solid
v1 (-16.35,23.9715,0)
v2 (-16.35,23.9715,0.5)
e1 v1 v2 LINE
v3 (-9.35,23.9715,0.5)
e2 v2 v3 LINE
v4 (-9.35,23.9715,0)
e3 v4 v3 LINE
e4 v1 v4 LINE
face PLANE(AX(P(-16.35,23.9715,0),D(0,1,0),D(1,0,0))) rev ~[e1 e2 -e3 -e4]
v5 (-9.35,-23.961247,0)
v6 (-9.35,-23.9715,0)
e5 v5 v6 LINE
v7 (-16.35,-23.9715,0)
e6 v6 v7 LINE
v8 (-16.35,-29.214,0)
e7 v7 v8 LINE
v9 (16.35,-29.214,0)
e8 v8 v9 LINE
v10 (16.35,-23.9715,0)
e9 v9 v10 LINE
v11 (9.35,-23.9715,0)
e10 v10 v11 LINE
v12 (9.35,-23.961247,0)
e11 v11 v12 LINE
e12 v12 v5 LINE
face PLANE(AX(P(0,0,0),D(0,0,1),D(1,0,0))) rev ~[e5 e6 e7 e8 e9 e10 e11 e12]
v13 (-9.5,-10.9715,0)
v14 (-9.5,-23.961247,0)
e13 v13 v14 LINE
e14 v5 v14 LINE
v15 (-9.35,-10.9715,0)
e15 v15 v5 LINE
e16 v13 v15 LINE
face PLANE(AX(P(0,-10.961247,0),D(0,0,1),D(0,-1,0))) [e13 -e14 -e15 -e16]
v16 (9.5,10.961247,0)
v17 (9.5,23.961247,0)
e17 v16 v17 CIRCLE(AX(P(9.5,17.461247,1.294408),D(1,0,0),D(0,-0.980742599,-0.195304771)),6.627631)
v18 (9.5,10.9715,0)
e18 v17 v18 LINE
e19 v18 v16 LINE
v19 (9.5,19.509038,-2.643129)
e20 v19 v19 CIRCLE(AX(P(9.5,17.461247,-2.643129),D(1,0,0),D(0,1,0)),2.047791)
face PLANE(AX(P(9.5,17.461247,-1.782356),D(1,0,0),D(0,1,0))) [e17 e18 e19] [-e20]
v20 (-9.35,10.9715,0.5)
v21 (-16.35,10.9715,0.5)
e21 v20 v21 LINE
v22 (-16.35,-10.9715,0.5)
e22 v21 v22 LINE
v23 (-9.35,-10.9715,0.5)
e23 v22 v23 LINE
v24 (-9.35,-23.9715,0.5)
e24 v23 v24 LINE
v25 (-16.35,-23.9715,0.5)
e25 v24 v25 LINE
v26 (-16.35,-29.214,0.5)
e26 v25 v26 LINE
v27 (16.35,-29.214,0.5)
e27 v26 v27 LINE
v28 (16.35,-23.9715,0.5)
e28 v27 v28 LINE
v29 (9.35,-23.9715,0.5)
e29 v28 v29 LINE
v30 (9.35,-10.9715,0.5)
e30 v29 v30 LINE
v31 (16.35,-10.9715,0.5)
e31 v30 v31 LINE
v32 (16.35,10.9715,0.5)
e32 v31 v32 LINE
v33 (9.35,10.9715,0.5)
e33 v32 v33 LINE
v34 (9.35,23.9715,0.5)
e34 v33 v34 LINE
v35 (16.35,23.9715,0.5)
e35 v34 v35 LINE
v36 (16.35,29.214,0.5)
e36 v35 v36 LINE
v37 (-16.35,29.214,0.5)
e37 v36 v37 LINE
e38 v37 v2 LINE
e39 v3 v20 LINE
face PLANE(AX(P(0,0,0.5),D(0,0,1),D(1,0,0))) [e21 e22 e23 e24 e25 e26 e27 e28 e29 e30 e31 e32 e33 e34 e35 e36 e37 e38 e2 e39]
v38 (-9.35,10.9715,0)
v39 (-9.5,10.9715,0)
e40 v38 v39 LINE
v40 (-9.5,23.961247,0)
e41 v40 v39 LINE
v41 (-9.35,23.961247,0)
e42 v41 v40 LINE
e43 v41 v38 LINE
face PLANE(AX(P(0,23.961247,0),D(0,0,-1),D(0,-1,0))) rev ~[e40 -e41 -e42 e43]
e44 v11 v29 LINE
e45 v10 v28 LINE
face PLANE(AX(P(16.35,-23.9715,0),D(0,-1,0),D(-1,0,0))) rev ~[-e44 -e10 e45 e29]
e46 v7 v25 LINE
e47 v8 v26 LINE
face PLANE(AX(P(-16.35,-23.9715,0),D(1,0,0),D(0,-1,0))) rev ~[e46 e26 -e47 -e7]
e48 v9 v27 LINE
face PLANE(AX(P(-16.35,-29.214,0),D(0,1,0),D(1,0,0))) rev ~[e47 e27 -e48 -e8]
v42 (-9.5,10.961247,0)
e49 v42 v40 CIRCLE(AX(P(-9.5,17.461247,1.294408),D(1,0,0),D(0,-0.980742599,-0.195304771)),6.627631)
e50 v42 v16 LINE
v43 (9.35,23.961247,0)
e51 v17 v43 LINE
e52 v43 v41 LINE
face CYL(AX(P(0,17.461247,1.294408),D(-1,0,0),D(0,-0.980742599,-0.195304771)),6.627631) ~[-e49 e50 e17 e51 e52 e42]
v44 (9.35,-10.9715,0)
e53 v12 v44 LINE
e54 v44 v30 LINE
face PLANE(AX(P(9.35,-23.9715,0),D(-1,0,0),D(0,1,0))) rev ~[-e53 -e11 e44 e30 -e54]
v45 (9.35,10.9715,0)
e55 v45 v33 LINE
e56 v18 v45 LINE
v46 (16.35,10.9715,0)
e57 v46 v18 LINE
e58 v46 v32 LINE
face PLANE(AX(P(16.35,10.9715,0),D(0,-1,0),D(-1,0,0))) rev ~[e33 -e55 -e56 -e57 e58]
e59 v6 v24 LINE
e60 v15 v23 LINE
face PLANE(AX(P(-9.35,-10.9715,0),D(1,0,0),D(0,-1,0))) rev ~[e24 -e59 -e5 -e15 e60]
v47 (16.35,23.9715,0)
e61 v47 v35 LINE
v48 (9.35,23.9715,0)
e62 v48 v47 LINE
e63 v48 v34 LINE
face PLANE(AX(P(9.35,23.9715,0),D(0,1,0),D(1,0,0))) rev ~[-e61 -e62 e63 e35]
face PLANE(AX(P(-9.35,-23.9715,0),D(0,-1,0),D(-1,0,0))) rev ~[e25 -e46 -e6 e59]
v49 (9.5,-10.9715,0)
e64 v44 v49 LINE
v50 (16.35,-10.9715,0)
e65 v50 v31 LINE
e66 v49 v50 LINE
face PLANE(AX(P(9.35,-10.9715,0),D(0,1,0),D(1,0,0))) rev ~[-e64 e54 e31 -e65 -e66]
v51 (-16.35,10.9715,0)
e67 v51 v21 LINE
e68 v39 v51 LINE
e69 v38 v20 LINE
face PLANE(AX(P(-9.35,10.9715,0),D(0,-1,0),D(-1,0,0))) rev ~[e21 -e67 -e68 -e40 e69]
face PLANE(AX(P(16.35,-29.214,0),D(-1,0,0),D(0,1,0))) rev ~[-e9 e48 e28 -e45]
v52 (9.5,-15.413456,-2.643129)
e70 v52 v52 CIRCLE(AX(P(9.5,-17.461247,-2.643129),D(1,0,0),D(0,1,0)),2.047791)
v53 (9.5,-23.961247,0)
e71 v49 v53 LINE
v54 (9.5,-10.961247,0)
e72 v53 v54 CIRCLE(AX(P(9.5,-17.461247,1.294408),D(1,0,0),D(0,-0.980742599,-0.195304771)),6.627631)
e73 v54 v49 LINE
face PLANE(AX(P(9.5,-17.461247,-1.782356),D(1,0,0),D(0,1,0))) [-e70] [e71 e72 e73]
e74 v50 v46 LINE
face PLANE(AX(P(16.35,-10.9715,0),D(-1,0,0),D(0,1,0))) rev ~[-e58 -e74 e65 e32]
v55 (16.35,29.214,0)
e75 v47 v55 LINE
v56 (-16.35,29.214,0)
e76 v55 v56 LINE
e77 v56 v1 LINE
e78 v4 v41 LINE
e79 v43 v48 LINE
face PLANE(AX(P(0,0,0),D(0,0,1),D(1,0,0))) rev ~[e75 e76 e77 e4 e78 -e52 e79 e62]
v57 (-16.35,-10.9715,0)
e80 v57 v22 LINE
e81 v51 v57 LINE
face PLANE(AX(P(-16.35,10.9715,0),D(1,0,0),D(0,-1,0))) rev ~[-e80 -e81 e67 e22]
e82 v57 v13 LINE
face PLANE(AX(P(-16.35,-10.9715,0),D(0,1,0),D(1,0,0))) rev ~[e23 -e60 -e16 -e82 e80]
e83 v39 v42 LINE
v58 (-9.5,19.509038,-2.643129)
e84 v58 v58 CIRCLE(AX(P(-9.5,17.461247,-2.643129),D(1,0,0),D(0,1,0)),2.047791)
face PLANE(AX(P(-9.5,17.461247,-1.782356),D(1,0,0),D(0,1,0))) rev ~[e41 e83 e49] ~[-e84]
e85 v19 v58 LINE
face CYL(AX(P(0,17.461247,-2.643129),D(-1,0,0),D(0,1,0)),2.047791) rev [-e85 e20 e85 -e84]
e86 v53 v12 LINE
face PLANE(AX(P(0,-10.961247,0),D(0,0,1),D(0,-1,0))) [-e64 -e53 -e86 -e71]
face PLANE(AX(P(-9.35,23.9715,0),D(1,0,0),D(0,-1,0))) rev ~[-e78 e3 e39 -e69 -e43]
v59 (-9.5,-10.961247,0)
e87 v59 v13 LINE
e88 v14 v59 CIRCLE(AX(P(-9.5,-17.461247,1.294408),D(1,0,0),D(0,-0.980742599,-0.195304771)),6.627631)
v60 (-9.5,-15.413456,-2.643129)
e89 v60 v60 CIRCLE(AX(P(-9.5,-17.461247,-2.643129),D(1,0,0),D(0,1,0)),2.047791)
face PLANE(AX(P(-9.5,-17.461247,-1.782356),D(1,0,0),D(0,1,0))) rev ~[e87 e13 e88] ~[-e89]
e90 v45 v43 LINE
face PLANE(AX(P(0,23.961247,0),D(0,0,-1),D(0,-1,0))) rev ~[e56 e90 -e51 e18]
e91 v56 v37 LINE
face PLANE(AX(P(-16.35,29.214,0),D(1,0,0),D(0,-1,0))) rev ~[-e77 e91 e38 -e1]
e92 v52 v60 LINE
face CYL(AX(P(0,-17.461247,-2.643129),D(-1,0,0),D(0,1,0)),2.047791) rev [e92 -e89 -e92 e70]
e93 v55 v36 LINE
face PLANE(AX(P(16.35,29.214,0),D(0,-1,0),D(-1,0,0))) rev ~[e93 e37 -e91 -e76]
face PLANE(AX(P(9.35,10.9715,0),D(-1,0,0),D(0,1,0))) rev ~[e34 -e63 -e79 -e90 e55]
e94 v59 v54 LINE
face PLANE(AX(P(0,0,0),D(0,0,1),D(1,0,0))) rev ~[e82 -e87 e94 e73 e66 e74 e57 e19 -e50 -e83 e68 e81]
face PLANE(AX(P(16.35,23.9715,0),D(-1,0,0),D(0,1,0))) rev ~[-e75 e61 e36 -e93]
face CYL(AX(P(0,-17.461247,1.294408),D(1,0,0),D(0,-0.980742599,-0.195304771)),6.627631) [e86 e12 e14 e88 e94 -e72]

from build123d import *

# Parameters (mm, degrees)
F1_DEPTH = 0.5
F2_R     = 2.047791
F3_DEPTH = 9.5


with BuildPart() as f1:
    # F0 (on Top) → F1 (new body)
    with BuildSketch(Plane.XY):
        Polygon((16.35, 29.214), (-16.35, 29.214), (-16.35, 23.9715), (-9.35, 23.9715), (-9.35, 10.9715), (-16.35, 10.9715), (-16.35, 0), (-16.35, -10.9715), (-9.35, -10.9715), (-9.35, -23.9715), (-16.35, -23.9715), (-16.35, -29.214), (16.35, -29.214), (16.35, -23.9715), (9.35, -23.9715), (9.35, -10.9715), (16.35, -10.9715), (16.35, 0), (16.35, 10.9715), (9.35, 10.9715), (9.35, 23.9715), (16.35, 23.9715), align=None)
    extrude(amount=F1_DEPTH)

    # F2 (on Right) → F3 (join, symmetric)
    with BuildSketch(Plane.YZ):
        with BuildLine():
            Line((23.961247, 0), (10.961247, 0))
            ThreePointArc((10.961247, 0), (17.461247, -5.333223), (23.961247, 0))
        make_face()
        with Locations((17.461247, -2.643129)):
            Circle(F2_R, mode=Mode.SUBTRACT)
        with BuildLine():
            ThreePointArc((-23.961247, 0), (-17.461247, -5.333223), (-10.961247, 0))
            Line((-10.961247, 0), (-23.961247, 0))
        make_face()
        with Locations((-17.461247, -2.643129)):
            Circle(F2_R, mode=Mode.SUBTRACT)
    extrude(amount=F3_DEPTH, both=True)


solid = f1.part
